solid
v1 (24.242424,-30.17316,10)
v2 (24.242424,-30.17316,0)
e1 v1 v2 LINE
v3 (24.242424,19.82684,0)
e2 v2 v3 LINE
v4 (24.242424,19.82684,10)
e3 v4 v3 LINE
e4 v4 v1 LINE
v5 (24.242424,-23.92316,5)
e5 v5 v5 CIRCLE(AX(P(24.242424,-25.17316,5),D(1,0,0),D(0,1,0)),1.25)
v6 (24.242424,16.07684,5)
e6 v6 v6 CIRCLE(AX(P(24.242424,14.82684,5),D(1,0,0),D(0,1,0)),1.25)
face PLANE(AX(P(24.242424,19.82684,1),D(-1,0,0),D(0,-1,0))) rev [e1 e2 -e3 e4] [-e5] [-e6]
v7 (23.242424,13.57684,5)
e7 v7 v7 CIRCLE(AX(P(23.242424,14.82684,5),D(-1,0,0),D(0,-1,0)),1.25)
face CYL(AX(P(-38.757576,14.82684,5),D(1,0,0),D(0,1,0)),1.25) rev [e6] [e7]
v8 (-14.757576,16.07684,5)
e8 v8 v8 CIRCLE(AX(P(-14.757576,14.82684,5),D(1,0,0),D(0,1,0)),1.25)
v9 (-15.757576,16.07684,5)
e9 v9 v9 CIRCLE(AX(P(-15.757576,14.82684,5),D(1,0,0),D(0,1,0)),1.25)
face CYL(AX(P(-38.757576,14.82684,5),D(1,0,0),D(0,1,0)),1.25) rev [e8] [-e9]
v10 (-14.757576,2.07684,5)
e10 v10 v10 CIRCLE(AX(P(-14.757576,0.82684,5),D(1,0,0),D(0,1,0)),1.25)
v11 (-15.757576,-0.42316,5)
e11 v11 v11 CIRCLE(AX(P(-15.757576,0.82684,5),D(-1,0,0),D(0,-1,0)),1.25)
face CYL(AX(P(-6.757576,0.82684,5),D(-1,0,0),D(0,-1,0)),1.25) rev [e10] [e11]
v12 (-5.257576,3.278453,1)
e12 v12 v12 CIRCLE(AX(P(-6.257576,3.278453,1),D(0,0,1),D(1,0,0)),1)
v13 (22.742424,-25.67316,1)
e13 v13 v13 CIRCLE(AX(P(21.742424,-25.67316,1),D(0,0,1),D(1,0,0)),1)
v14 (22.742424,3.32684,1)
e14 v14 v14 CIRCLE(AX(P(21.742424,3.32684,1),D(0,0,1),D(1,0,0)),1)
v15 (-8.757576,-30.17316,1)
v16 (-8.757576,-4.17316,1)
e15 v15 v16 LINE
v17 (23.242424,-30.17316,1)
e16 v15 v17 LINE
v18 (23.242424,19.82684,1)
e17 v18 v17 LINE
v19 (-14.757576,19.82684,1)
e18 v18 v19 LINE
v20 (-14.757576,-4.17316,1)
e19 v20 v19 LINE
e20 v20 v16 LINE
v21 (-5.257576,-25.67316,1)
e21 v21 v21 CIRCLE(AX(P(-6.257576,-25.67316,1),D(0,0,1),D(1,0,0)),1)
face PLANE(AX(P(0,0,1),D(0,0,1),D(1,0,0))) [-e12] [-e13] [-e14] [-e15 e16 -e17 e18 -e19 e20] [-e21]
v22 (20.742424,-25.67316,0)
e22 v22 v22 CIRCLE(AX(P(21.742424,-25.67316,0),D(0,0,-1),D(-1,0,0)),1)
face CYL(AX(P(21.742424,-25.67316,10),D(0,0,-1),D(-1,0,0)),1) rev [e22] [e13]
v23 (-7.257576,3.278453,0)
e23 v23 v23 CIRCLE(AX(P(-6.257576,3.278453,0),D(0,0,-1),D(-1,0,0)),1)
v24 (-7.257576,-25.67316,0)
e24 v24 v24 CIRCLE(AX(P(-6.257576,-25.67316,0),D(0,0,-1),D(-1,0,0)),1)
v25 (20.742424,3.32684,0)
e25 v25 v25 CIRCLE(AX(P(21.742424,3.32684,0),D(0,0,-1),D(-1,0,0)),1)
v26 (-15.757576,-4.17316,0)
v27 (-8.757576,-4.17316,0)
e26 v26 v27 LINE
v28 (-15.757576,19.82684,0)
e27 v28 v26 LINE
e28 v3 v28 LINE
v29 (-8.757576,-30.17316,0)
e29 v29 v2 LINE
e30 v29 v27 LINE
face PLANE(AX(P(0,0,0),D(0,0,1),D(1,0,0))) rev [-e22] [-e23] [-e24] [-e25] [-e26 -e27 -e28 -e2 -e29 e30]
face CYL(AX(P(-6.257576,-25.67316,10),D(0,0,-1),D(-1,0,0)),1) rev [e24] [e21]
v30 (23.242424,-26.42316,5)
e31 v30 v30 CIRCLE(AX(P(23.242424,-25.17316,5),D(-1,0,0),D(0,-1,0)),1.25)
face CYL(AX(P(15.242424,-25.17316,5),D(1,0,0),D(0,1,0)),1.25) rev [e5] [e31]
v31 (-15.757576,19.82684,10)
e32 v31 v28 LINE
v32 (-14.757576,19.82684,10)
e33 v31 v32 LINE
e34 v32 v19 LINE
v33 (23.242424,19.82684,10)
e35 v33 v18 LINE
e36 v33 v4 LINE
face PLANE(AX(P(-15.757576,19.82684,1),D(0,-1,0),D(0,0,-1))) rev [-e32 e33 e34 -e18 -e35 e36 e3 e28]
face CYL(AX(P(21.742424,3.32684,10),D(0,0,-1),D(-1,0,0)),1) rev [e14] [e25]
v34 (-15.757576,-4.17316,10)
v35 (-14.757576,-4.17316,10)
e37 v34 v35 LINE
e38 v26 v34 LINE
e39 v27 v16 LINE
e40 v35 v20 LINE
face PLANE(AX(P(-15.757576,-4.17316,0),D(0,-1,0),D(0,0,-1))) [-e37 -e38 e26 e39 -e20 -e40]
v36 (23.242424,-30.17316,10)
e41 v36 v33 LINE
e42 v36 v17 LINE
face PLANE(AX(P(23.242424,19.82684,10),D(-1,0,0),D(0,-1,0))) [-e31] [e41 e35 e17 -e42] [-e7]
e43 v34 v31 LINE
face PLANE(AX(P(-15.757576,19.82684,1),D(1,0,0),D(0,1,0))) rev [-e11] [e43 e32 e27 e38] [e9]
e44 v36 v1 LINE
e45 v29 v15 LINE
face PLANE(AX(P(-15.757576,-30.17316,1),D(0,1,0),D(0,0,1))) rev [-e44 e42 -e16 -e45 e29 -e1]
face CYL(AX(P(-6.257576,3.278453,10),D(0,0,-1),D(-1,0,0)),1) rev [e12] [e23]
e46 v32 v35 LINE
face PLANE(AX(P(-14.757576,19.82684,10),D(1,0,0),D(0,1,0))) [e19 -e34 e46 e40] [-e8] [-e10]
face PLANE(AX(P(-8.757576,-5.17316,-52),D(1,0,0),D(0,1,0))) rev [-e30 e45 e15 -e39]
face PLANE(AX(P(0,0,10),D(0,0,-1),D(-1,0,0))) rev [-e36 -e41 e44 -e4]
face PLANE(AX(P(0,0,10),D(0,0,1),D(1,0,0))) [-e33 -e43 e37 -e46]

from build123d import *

# Parameters (mm, degrees)
SKETCH1_W            = 40
SKETCH1_H            = 50
BOSS_EXTRUDE1_DEPTH  = 1
SKETCH2_W            = 5
SKETCH2_H            = 25
CUT_EXTRUDE1_DEPTH   = 1
SKETCH3_W            = 1
SKETCH3_H            = 25
BOSS_EXTRUDE2_DEPTH  = 10
SKETCH4_R            = 1.25
CUT_EXTRUDE3_DEPTH   = 63
SKETCH5_R            = 1.25
BOSS_EXTRUDE3_DEPTH  = 1
SKETCH6_W            = 40
SKETCH6_H            = 10
CUT_EXTRUDE4_DEPTH   = 9
SKETCH7_R            = 1.25
CUT_EXTRUDE5_DEPTH   = 53
SKETCH8_W            = 2
SKETCH8_H            = 25
CUT_EXTRUDE6_DEPTH   = 53
SKETCH9_W            = 7
SKETCH9_H            = 2
CUT_EXTRUDE8_DEPTH   = 53
SKETCH10_W           = 9
SKETCH10_H           = 20.650485051
BOSS_EXTRUDE4_DEPTH  = 1
SKETCH11_R           = 1.25
CUT_EXTRUDE9_DEPTH   = 1
SKETCH12_R           = 1.25
BOSS_EXTRUDE5_DEPTH  = 1
SKETCH13_R           = 1.25
BOSS_EXTRUDE6_DEPTH  = 1
SKETCH14_W           = 7
SKETCH14_H           = 1
BOSS_EXTRUDE7_DEPTH  = 1
SKETCH15_W           = 1
SKETCH15_H           = 9
BOSS_EXTRUDE8_DEPTH  = 9
SKETCH16_R           = 1.25
CUT_EXTRUDE10_DEPTH  = 9
SKETCH17_W           = 1
SKETCH17_H           = 31.406889679
BOSS_EXTRUDE9_DEPTH  = 9
SKETCH18_R           = 1.25
CUT_EXTRUDE11_DEPTH  = 9
SKETCH19_W           = 33
SKETCH19_H           = 1
BOSS_EXTRUDE10_DEPTH = 9
SKETCH20_R           = 1.25
CUT_EXTRUDE12_DEPTH  = 9
SKETCH21_R           = 1
CUT_EXTRUDE13_DEPTH  = 10
SKETCH22_W           = 33
SKETCH22_H           = 1
CUT_EXTRUDE14_DEPTH  = 9
SKETCH23_W           = 1
SKETCH23_H           = 1
BOSS_EXTRUDE11_DEPTH = 9


with BuildPart() as part:
    # Sketch1 → Boss-Extrude1 (new body)
    with BuildSketch(Plane.XY):
        with Locations((4.242424242, -5.173160173)):
            Rectangle(SKETCH1_W, SKETCH1_H)
    extrude(amount=BOSS_EXTRUDE1_DEPTH)

    # Sketch2 → Cut-Extrude1 (cut)
    with BuildSketch(Plane.XY.offset(1)):
        with Locations((-13.257575758, -17.673160173)):
            Rectangle(SKETCH2_W, SKETCH2_H)
    extrude(amount=-CUT_EXTRUDE1_DEPTH, mode=Mode.SUBTRACT)

    # Sketch3 → Boss-Extrude2 (add)
    with BuildSketch(Plane(origin=(0, 0, 0), x_dir=(-1, 0, 0), z_dir=(0, 0, -1))):
        with Locations((15.257575758, 7.326839827)):
            Rectangle(SKETCH3_W, SKETCH3_H)
        with Locations((-23.742424242, 7.326839827)):
            Rectangle(SKETCH3_W, SKETCH3_H)
    extrude(amount=-BOSS_EXTRUDE2_DEPTH)

    # Sketch4 → Cut-Extrude3 (cut)
    with BuildSketch(Plane(origin=(24.242424242, 0, 0), x_dir=(0, 0, -1), z_dir=(1, 0, 0))):
        with Locations((-5, -0.173160173)):
            Circle(SKETCH4_R)
        with Locations((-5, 14.826839827)):
            Circle(SKETCH4_R)
    extrude(amount=-CUT_EXTRUDE3_DEPTH, mode=Mode.SUBTRACT)

    # Sketch5 → Boss-Extrude3 (add)
    with BuildSketch(Plane(origin=(24.242424242, 0, 0), x_dir=(0, 0, -1), z_dir=(1, 0, 0))):
        with Locations((-5, -0.173160173)):
            Circle(SKETCH5_R)
    extrude(amount=-BOSS_EXTRUDE3_DEPTH)

    # Sketch6 → Cut-Extrude4 (cut)
    with BuildSketch(Plane.XY.offset(10)):
        with Locations((4.242424242, -0.173160173)):
            Rectangle(SKETCH6_W, SKETCH6_H)
    extrude(amount=-CUT_EXTRUDE4_DEPTH, mode=Mode.SUBTRACT)

    # Sketch7 → Cut-Extrude5 (cut)
    with BuildSketch(Plane.ZY.offset(15.757575758)):
        with Locations((5, 9.826839827)):
            Circle(SKETCH7_R)
    extrude(amount=-CUT_EXTRUDE5_DEPTH, mode=Mode.SUBTRACT)

    # Sketch8 → Cut-Extrude6 (cut)
    with BuildSketch(Plane.XY.offset(1)):
        with Locations((-9.757575758, -17.673160173)):
            Rectangle(SKETCH8_W, SKETCH8_H)
    extrude(amount=-CUT_EXTRUDE6_DEPTH, mode=Mode.SUBTRACT)

    # Sketch9 → Cut-Extrude8 (cut)
    with BuildSketch(Plane.XY.offset(1)):
        with Locations((-12.257575758, -4.173160173)):
            Rectangle(SKETCH9_W, SKETCH9_H)
    extrude(amount=-CUT_EXTRUDE8_DEPTH, mode=Mode.SUBTRACT)

    # Sketch10 → Boss-Extrude4 (add)
    with BuildSketch(Plane(origin=(24.242424242, 0, 0), x_dir=(0, 0, -1), z_dir=(1, 0, 0))):
        with Locations((-5.5, -5.498402699)):
            Rectangle(SKETCH10_W, SKETCH10_H)
    extrude(amount=-BOSS_EXTRUDE4_DEPTH)

    # Sketch11 → Cut-Extrude9 (cut)
    with BuildSketch(Plane(origin=(24.242424242, 0, 0), x_dir=(0, 0, -1), z_dir=(1, 0, 0))):
        with Locations((-5, -10.823645224)):
            Circle(SKETCH11_R)
    extrude(amount=-CUT_EXTRUDE9_DEPTH, mode=Mode.SUBTRACT)

    # Sketch12 → Boss-Extrude5 (add)
    with BuildSketch(Plane(origin=(24.242424242, 0, 0), x_dir=(0, 0, -1), z_dir=(1, 0, 0))):
        with Locations((-5, 9.826839827)):
            Circle(SKETCH12_R)
    extrude(amount=-BOSS_EXTRUDE5_DEPTH)

    # Sketch13 → Boss-Extrude6 (add)
    with BuildSketch(Plane.ZY.offset(15.757575758)):
        with Locations((5, 9.826839827)):
            Circle(SKETCH13_R)
    extrude(amount=-BOSS_EXTRUDE6_DEPTH)

    # Sketch14 → Boss-Extrude7 (add)
    with BuildSketch(Plane.XY.offset(1)):
        with Locations((-12.257575758, -3.673160173)):
            Rectangle(SKETCH14_W, SKETCH14_H)
    extrude(amount=-BOSS_EXTRUDE7_DEPTH)

    # Sketch15 → Boss-Extrude8 (add)
    with BuildSketch(Plane.XY.offset(1)):
        with Locations((-15.257575758, 0.326839827)):
            Rectangle(SKETCH15_W, SKETCH15_H)
    extrude(amount=BOSS_EXTRUDE8_DEPTH)

    # Sketch16 → Cut-Extrude10 (cut)
    with BuildSketch(Plane.ZY.offset(15.757575758)):
        with Locations((5, 14.826839827)):
            Circle(SKETCH16_R)
        with Locations((5, 0.826839827)):
            Circle(SKETCH16_R)
    extrude(amount=-CUT_EXTRUDE10_DEPTH, mode=Mode.SUBTRACT)

    # Sketch17 → Boss-Extrude9 (add)
    with BuildSketch(Plane.XY.offset(1)):
        with Locations((23.742424242, -14.469715334)):
            Rectangle(SKETCH17_W, SKETCH17_H)
    extrude(amount=BOSS_EXTRUDE9_DEPTH)

    # Sketch18 → Cut-Extrude11 (cut)
    with BuildSketch(Plane(origin=(24.242424242, 0, 0), x_dir=(0, 0, -1), z_dir=(1, 0, 0))):
        with Locations((-5, -25.173160173)):
            Circle(SKETCH18_R)
    extrude(amount=-CUT_EXTRUDE11_DEPTH, mode=Mode.SUBTRACT)

    # Sketch19 → Boss-Extrude10 (add)
    with BuildSketch(Plane.XY.offset(1)):
        with Locations((7.742424242, -29.673160173)):
            Rectangle(SKETCH19_W, SKETCH19_H)
    extrude(amount=BOSS_EXTRUDE10_DEPTH)

    # Sketch20 → Cut-Extrude12 (cut)
    with BuildSketch(Plane.XZ.offset(30.173160173)):
        with Locations((-3.757575758, 5)):
            Circle(SKETCH20_R)
        with Locations((19.242424242, 5)):
            Circle(SKETCH20_R)
    extrude(amount=-CUT_EXTRUDE12_DEPTH, mode=Mode.SUBTRACT)

    # Sketch21 → Cut-Extrude13 (cut)
    with BuildSketch(Plane(origin=(0, 0, 0), x_dir=(-1, 0, 0), z_dir=(0, 0, -1))):
        with Locations((-21.742424242, 3.326839827)):
            Circle(SKETCH21_R)
        with Locations((6.257575758, 3.27845273)):
            Circle(SKETCH21_R)
        with Locations((6.257575758, -25.673160173)):
            Circle(SKETCH21_R)
        with Locations((-21.742424242, -25.673160173)):
            Circle(SKETCH21_R)
    extrude(amount=-CUT_EXTRUDE13_DEPTH, mode=Mode.SUBTRACT)

    # Sketch22 → Cut-Extrude14 (cut)
    with BuildSketch(Plane.XY.offset(10)):
        with Locations((7.742424242, -29.673160173)):
            Rectangle(SKETCH22_W, SKETCH22_H)
    extrude(amount=-CUT_EXTRUDE14_DEPTH, mode=Mode.SUBTRACT)

    # Sketch23 → Boss-Extrude11 (add)
    with BuildSketch(Plane.XY.offset(1)):
        with Locations((23.742424242, -29.673160173)):
            Rectangle(SKETCH23_W, SKETCH23_H)
    extrude(amount=BOSS_EXTRUDE11_DEPTH)


solid = part.part
